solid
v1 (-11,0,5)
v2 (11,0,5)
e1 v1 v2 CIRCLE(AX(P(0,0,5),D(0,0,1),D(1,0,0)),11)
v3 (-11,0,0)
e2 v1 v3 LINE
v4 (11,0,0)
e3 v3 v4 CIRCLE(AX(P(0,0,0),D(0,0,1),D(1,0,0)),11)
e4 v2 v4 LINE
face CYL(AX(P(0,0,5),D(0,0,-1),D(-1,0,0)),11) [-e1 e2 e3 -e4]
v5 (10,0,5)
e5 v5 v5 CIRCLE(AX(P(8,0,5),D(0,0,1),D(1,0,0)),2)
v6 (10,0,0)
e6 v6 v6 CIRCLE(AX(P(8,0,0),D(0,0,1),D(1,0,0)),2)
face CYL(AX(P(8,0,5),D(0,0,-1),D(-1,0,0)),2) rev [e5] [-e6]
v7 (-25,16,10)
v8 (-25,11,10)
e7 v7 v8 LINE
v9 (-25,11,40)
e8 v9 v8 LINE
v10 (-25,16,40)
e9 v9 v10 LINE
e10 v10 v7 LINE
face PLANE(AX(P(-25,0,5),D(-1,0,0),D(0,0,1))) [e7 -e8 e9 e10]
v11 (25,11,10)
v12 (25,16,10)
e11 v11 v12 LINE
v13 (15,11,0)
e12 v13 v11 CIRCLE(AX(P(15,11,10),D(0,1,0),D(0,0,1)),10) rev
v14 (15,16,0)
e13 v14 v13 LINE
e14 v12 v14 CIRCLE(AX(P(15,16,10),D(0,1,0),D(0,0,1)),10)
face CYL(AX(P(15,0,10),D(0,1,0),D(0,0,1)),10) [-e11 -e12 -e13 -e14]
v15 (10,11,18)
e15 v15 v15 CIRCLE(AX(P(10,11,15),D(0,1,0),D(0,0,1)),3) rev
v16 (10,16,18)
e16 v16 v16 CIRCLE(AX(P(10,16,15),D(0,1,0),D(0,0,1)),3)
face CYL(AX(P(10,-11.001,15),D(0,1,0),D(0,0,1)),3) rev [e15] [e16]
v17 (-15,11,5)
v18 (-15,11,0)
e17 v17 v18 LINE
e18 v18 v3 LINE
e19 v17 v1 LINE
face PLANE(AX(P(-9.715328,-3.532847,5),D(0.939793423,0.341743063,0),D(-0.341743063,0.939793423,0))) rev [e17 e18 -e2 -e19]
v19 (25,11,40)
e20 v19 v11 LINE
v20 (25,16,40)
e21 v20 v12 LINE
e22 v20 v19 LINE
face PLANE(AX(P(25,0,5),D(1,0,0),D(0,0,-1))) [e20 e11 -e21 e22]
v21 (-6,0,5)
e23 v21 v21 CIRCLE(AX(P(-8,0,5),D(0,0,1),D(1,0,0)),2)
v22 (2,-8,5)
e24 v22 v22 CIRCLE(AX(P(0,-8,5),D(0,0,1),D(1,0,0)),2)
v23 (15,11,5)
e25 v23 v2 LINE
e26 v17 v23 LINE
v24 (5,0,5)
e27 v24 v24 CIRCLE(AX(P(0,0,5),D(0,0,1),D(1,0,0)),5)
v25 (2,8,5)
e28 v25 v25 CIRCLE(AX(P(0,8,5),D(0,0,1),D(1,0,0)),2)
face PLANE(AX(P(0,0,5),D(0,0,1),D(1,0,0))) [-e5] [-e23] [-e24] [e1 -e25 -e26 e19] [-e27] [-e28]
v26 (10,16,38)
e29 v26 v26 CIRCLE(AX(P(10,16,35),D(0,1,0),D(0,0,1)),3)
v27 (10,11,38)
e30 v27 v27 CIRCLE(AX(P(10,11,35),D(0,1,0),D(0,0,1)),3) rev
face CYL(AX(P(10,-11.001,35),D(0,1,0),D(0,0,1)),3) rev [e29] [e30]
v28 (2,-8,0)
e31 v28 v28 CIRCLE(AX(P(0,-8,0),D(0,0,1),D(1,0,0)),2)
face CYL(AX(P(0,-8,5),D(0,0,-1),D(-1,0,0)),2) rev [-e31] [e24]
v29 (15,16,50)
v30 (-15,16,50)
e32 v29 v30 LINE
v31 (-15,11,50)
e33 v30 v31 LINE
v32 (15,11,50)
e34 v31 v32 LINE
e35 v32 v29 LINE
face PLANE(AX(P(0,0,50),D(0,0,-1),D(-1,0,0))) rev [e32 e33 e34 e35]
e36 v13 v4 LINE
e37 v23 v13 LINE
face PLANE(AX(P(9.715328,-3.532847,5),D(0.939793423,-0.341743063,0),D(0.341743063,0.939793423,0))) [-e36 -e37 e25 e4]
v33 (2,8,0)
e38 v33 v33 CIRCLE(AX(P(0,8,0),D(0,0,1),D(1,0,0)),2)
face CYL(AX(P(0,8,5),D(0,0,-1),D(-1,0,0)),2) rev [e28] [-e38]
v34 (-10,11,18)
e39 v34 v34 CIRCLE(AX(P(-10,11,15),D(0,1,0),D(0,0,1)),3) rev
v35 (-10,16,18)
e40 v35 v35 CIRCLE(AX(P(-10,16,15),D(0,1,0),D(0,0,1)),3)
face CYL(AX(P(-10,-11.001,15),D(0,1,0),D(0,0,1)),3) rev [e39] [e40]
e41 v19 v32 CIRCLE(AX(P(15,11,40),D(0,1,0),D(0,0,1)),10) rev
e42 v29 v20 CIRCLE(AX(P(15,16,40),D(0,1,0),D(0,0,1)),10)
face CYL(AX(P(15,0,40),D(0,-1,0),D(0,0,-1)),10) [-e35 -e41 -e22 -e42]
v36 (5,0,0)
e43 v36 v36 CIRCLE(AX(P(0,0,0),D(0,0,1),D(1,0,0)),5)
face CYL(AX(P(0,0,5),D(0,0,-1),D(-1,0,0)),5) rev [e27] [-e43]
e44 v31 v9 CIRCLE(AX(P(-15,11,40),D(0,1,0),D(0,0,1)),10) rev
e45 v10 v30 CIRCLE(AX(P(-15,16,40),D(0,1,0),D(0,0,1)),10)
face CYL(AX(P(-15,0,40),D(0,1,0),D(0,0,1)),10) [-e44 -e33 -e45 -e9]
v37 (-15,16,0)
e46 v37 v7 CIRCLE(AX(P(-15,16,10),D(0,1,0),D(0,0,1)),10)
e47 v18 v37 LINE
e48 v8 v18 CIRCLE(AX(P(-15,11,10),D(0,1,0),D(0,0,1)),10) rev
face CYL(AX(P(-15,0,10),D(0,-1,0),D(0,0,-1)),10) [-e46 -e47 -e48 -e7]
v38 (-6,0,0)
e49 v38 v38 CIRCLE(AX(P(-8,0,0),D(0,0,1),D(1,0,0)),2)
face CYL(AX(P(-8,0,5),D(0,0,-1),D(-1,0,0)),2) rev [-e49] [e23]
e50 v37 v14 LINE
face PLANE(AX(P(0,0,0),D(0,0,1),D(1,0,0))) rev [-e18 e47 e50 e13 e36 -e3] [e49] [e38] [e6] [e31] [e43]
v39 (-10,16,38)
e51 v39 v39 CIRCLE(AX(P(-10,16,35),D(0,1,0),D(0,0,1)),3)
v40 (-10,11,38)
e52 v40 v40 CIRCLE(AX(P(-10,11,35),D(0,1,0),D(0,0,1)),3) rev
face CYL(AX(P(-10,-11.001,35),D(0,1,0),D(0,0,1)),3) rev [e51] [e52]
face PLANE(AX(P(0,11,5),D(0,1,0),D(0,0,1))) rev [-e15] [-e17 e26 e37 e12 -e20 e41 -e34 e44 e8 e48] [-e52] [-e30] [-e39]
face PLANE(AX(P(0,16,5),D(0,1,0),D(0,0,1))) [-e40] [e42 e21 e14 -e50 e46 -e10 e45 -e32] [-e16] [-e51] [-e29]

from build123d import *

# Parameters (mm, degrees)
SKETCH1_R           = 2
SKETCH1_R_2         = 5
BOSS_EXTRUDE2_DEPTH = 5
BOSS_EXTRUDE4_DEPTH = 5
SKETCH2_W           = 50
SKETCH2_H           = 5
BOSS_EXTRUDE7_DEPTH = 45
CUT_EXTRUDE1_REACH  = 64.081
SKETCH3_R           = 3
FILLET1_R           = 10


with BuildPart() as part:
    # Sketch1 → Boss-Extrude2 (new body)
    with BuildSketch(Plane.XY):
        with BuildLine():
            ThreePointArc((11, 0), (0, 11), (-11, 0))
            ThreePointArc((-11, 0), (0, -11), (11, 0))
        make_face()
        with Locations((-8, 0)):
            Circle(SKETCH1_R, mode=Mode.SUBTRACT)
        with Locations((0, -8)):
            Circle(SKETCH1_R, mode=Mode.SUBTRACT)
        Circle(SKETCH1_R_2, mode=Mode.SUBTRACT)
        with Locations((8, 0)):
            Circle(SKETCH1_R, mode=Mode.SUBTRACT)
        with Locations((0, 8)):
            Circle(SKETCH1_R, mode=Mode.SUBTRACT)
    extrude(amount=BOSS_EXTRUDE2_DEPTH)

    # Sketch1<9> → Boss-Extrude4 (add)
    with BuildSketch(Plane.XY):
        with BuildLine():
            Line((-25, 16), (-25, 11))
            Line((-25, 11), (-15, 11))
            Line((-15, 11), (-11, 0))
            ThreePointArc((-11, 0), (0, 11), (11, 0))
            Line((11, 0), (15, 11))
            Line((15, 11), (25, 11))
            Line((25, 11), (25, 16))
            Line((25, 16), (-25, 16))
        make_face()
    extrude(amount=BOSS_EXTRUDE4_DEPTH)

    # Sketch2 → Boss-Extrude7 (add)
    with BuildSketch(Plane.XY.offset(5)):
        with Locations((0, 13.5)):
            Rectangle(SKETCH2_W, SKETCH2_H)
    extrude(amount=BOSS_EXTRUDE7_DEPTH)

    # Sketch3 → Cut-Extrude1 (cut, up to next)
    with BuildSketch(Plane(origin=(0, 16, 0), x_dir=(1, 0, 0), z_dir=(0, 1, 0)), mode=Mode.PRIVATE) as cut_extrude1_sk1:
        with Locations((10, -35)):
            Circle(SKETCH3_R)
    cut_extrude1_tool1 = extrude(cut_extrude1_sk1.sketch, amount=-CUT_EXTRUDE1_REACH, mode=Mode.PRIVATE) & part.part
    # Sketch3 → Cut-Extrude1 (cut, up to next)
    with BuildSketch(Plane(origin=(0, 16, 0), x_dir=(1, 0, 0), z_dir=(0, 1, 0)), mode=Mode.PRIVATE) as cut_extrude1_sk2:
        with Locations((-10, -35)):
            Circle(SKETCH3_R)
    cut_extrude1_tool2 = extrude(cut_extrude1_sk2.sketch, amount=-CUT_EXTRUDE1_REACH, mode=Mode.PRIVATE) & part.part
    # Sketch3 → Cut-Extrude1 (cut, up to next)
    with BuildSketch(Plane(origin=(0, 16, 0), x_dir=(1, 0, 0), z_dir=(0, 1, 0)), mode=Mode.PRIVATE) as cut_extrude1_sk3:
        with Locations((-10, -15)):
            Circle(SKETCH3_R)
    cut_extrude1_tool3 = extrude(cut_extrude1_sk3.sketch, amount=-CUT_EXTRUDE1_REACH, mode=Mode.PRIVATE) & part.part
    # Sketch3 → Cut-Extrude1 (cut, up to next)
    with BuildSketch(Plane(origin=(0, 16, 0), x_dir=(1, 0, 0), z_dir=(0, 1, 0)), mode=Mode.PRIVATE) as cut_extrude1_sk4:
        with Locations((10, -15)):
            Circle(SKETCH3_R)
    cut_extrude1_tool4 = extrude(cut_extrude1_sk4.sketch, amount=-CUT_EXTRUDE1_REACH, mode=Mode.PRIVATE) & part.part
    add(cut_extrude1_tool1.solids().sort_by_distance((10, 16, 35))[0], mode=Mode.SUBTRACT)
    add(cut_extrude1_tool2.solids().sort_by_distance((-10, 16, 35))[0], mode=Mode.SUBTRACT)
    add(cut_extrude1_tool3.solids().sort_by_distance((-10, 16, 15))[0], mode=Mode.SUBTRACT)
    add(cut_extrude1_tool4.solids().sort_by_distance((10, 16, 15))[0], mode=Mode.SUBTRACT)

    # Fillet1
    fillet1_edges = [part.edges().sort_by_distance(p)[0] for p in [
        (25, 13.5, 0),
        (-25, 13.5, 0),
        (-25, 13.5, 50),
        (25, 13.5, 50),
    ]]
    fillet(fillet1_edges, radius=FILLET1_R)


solid = part.part
